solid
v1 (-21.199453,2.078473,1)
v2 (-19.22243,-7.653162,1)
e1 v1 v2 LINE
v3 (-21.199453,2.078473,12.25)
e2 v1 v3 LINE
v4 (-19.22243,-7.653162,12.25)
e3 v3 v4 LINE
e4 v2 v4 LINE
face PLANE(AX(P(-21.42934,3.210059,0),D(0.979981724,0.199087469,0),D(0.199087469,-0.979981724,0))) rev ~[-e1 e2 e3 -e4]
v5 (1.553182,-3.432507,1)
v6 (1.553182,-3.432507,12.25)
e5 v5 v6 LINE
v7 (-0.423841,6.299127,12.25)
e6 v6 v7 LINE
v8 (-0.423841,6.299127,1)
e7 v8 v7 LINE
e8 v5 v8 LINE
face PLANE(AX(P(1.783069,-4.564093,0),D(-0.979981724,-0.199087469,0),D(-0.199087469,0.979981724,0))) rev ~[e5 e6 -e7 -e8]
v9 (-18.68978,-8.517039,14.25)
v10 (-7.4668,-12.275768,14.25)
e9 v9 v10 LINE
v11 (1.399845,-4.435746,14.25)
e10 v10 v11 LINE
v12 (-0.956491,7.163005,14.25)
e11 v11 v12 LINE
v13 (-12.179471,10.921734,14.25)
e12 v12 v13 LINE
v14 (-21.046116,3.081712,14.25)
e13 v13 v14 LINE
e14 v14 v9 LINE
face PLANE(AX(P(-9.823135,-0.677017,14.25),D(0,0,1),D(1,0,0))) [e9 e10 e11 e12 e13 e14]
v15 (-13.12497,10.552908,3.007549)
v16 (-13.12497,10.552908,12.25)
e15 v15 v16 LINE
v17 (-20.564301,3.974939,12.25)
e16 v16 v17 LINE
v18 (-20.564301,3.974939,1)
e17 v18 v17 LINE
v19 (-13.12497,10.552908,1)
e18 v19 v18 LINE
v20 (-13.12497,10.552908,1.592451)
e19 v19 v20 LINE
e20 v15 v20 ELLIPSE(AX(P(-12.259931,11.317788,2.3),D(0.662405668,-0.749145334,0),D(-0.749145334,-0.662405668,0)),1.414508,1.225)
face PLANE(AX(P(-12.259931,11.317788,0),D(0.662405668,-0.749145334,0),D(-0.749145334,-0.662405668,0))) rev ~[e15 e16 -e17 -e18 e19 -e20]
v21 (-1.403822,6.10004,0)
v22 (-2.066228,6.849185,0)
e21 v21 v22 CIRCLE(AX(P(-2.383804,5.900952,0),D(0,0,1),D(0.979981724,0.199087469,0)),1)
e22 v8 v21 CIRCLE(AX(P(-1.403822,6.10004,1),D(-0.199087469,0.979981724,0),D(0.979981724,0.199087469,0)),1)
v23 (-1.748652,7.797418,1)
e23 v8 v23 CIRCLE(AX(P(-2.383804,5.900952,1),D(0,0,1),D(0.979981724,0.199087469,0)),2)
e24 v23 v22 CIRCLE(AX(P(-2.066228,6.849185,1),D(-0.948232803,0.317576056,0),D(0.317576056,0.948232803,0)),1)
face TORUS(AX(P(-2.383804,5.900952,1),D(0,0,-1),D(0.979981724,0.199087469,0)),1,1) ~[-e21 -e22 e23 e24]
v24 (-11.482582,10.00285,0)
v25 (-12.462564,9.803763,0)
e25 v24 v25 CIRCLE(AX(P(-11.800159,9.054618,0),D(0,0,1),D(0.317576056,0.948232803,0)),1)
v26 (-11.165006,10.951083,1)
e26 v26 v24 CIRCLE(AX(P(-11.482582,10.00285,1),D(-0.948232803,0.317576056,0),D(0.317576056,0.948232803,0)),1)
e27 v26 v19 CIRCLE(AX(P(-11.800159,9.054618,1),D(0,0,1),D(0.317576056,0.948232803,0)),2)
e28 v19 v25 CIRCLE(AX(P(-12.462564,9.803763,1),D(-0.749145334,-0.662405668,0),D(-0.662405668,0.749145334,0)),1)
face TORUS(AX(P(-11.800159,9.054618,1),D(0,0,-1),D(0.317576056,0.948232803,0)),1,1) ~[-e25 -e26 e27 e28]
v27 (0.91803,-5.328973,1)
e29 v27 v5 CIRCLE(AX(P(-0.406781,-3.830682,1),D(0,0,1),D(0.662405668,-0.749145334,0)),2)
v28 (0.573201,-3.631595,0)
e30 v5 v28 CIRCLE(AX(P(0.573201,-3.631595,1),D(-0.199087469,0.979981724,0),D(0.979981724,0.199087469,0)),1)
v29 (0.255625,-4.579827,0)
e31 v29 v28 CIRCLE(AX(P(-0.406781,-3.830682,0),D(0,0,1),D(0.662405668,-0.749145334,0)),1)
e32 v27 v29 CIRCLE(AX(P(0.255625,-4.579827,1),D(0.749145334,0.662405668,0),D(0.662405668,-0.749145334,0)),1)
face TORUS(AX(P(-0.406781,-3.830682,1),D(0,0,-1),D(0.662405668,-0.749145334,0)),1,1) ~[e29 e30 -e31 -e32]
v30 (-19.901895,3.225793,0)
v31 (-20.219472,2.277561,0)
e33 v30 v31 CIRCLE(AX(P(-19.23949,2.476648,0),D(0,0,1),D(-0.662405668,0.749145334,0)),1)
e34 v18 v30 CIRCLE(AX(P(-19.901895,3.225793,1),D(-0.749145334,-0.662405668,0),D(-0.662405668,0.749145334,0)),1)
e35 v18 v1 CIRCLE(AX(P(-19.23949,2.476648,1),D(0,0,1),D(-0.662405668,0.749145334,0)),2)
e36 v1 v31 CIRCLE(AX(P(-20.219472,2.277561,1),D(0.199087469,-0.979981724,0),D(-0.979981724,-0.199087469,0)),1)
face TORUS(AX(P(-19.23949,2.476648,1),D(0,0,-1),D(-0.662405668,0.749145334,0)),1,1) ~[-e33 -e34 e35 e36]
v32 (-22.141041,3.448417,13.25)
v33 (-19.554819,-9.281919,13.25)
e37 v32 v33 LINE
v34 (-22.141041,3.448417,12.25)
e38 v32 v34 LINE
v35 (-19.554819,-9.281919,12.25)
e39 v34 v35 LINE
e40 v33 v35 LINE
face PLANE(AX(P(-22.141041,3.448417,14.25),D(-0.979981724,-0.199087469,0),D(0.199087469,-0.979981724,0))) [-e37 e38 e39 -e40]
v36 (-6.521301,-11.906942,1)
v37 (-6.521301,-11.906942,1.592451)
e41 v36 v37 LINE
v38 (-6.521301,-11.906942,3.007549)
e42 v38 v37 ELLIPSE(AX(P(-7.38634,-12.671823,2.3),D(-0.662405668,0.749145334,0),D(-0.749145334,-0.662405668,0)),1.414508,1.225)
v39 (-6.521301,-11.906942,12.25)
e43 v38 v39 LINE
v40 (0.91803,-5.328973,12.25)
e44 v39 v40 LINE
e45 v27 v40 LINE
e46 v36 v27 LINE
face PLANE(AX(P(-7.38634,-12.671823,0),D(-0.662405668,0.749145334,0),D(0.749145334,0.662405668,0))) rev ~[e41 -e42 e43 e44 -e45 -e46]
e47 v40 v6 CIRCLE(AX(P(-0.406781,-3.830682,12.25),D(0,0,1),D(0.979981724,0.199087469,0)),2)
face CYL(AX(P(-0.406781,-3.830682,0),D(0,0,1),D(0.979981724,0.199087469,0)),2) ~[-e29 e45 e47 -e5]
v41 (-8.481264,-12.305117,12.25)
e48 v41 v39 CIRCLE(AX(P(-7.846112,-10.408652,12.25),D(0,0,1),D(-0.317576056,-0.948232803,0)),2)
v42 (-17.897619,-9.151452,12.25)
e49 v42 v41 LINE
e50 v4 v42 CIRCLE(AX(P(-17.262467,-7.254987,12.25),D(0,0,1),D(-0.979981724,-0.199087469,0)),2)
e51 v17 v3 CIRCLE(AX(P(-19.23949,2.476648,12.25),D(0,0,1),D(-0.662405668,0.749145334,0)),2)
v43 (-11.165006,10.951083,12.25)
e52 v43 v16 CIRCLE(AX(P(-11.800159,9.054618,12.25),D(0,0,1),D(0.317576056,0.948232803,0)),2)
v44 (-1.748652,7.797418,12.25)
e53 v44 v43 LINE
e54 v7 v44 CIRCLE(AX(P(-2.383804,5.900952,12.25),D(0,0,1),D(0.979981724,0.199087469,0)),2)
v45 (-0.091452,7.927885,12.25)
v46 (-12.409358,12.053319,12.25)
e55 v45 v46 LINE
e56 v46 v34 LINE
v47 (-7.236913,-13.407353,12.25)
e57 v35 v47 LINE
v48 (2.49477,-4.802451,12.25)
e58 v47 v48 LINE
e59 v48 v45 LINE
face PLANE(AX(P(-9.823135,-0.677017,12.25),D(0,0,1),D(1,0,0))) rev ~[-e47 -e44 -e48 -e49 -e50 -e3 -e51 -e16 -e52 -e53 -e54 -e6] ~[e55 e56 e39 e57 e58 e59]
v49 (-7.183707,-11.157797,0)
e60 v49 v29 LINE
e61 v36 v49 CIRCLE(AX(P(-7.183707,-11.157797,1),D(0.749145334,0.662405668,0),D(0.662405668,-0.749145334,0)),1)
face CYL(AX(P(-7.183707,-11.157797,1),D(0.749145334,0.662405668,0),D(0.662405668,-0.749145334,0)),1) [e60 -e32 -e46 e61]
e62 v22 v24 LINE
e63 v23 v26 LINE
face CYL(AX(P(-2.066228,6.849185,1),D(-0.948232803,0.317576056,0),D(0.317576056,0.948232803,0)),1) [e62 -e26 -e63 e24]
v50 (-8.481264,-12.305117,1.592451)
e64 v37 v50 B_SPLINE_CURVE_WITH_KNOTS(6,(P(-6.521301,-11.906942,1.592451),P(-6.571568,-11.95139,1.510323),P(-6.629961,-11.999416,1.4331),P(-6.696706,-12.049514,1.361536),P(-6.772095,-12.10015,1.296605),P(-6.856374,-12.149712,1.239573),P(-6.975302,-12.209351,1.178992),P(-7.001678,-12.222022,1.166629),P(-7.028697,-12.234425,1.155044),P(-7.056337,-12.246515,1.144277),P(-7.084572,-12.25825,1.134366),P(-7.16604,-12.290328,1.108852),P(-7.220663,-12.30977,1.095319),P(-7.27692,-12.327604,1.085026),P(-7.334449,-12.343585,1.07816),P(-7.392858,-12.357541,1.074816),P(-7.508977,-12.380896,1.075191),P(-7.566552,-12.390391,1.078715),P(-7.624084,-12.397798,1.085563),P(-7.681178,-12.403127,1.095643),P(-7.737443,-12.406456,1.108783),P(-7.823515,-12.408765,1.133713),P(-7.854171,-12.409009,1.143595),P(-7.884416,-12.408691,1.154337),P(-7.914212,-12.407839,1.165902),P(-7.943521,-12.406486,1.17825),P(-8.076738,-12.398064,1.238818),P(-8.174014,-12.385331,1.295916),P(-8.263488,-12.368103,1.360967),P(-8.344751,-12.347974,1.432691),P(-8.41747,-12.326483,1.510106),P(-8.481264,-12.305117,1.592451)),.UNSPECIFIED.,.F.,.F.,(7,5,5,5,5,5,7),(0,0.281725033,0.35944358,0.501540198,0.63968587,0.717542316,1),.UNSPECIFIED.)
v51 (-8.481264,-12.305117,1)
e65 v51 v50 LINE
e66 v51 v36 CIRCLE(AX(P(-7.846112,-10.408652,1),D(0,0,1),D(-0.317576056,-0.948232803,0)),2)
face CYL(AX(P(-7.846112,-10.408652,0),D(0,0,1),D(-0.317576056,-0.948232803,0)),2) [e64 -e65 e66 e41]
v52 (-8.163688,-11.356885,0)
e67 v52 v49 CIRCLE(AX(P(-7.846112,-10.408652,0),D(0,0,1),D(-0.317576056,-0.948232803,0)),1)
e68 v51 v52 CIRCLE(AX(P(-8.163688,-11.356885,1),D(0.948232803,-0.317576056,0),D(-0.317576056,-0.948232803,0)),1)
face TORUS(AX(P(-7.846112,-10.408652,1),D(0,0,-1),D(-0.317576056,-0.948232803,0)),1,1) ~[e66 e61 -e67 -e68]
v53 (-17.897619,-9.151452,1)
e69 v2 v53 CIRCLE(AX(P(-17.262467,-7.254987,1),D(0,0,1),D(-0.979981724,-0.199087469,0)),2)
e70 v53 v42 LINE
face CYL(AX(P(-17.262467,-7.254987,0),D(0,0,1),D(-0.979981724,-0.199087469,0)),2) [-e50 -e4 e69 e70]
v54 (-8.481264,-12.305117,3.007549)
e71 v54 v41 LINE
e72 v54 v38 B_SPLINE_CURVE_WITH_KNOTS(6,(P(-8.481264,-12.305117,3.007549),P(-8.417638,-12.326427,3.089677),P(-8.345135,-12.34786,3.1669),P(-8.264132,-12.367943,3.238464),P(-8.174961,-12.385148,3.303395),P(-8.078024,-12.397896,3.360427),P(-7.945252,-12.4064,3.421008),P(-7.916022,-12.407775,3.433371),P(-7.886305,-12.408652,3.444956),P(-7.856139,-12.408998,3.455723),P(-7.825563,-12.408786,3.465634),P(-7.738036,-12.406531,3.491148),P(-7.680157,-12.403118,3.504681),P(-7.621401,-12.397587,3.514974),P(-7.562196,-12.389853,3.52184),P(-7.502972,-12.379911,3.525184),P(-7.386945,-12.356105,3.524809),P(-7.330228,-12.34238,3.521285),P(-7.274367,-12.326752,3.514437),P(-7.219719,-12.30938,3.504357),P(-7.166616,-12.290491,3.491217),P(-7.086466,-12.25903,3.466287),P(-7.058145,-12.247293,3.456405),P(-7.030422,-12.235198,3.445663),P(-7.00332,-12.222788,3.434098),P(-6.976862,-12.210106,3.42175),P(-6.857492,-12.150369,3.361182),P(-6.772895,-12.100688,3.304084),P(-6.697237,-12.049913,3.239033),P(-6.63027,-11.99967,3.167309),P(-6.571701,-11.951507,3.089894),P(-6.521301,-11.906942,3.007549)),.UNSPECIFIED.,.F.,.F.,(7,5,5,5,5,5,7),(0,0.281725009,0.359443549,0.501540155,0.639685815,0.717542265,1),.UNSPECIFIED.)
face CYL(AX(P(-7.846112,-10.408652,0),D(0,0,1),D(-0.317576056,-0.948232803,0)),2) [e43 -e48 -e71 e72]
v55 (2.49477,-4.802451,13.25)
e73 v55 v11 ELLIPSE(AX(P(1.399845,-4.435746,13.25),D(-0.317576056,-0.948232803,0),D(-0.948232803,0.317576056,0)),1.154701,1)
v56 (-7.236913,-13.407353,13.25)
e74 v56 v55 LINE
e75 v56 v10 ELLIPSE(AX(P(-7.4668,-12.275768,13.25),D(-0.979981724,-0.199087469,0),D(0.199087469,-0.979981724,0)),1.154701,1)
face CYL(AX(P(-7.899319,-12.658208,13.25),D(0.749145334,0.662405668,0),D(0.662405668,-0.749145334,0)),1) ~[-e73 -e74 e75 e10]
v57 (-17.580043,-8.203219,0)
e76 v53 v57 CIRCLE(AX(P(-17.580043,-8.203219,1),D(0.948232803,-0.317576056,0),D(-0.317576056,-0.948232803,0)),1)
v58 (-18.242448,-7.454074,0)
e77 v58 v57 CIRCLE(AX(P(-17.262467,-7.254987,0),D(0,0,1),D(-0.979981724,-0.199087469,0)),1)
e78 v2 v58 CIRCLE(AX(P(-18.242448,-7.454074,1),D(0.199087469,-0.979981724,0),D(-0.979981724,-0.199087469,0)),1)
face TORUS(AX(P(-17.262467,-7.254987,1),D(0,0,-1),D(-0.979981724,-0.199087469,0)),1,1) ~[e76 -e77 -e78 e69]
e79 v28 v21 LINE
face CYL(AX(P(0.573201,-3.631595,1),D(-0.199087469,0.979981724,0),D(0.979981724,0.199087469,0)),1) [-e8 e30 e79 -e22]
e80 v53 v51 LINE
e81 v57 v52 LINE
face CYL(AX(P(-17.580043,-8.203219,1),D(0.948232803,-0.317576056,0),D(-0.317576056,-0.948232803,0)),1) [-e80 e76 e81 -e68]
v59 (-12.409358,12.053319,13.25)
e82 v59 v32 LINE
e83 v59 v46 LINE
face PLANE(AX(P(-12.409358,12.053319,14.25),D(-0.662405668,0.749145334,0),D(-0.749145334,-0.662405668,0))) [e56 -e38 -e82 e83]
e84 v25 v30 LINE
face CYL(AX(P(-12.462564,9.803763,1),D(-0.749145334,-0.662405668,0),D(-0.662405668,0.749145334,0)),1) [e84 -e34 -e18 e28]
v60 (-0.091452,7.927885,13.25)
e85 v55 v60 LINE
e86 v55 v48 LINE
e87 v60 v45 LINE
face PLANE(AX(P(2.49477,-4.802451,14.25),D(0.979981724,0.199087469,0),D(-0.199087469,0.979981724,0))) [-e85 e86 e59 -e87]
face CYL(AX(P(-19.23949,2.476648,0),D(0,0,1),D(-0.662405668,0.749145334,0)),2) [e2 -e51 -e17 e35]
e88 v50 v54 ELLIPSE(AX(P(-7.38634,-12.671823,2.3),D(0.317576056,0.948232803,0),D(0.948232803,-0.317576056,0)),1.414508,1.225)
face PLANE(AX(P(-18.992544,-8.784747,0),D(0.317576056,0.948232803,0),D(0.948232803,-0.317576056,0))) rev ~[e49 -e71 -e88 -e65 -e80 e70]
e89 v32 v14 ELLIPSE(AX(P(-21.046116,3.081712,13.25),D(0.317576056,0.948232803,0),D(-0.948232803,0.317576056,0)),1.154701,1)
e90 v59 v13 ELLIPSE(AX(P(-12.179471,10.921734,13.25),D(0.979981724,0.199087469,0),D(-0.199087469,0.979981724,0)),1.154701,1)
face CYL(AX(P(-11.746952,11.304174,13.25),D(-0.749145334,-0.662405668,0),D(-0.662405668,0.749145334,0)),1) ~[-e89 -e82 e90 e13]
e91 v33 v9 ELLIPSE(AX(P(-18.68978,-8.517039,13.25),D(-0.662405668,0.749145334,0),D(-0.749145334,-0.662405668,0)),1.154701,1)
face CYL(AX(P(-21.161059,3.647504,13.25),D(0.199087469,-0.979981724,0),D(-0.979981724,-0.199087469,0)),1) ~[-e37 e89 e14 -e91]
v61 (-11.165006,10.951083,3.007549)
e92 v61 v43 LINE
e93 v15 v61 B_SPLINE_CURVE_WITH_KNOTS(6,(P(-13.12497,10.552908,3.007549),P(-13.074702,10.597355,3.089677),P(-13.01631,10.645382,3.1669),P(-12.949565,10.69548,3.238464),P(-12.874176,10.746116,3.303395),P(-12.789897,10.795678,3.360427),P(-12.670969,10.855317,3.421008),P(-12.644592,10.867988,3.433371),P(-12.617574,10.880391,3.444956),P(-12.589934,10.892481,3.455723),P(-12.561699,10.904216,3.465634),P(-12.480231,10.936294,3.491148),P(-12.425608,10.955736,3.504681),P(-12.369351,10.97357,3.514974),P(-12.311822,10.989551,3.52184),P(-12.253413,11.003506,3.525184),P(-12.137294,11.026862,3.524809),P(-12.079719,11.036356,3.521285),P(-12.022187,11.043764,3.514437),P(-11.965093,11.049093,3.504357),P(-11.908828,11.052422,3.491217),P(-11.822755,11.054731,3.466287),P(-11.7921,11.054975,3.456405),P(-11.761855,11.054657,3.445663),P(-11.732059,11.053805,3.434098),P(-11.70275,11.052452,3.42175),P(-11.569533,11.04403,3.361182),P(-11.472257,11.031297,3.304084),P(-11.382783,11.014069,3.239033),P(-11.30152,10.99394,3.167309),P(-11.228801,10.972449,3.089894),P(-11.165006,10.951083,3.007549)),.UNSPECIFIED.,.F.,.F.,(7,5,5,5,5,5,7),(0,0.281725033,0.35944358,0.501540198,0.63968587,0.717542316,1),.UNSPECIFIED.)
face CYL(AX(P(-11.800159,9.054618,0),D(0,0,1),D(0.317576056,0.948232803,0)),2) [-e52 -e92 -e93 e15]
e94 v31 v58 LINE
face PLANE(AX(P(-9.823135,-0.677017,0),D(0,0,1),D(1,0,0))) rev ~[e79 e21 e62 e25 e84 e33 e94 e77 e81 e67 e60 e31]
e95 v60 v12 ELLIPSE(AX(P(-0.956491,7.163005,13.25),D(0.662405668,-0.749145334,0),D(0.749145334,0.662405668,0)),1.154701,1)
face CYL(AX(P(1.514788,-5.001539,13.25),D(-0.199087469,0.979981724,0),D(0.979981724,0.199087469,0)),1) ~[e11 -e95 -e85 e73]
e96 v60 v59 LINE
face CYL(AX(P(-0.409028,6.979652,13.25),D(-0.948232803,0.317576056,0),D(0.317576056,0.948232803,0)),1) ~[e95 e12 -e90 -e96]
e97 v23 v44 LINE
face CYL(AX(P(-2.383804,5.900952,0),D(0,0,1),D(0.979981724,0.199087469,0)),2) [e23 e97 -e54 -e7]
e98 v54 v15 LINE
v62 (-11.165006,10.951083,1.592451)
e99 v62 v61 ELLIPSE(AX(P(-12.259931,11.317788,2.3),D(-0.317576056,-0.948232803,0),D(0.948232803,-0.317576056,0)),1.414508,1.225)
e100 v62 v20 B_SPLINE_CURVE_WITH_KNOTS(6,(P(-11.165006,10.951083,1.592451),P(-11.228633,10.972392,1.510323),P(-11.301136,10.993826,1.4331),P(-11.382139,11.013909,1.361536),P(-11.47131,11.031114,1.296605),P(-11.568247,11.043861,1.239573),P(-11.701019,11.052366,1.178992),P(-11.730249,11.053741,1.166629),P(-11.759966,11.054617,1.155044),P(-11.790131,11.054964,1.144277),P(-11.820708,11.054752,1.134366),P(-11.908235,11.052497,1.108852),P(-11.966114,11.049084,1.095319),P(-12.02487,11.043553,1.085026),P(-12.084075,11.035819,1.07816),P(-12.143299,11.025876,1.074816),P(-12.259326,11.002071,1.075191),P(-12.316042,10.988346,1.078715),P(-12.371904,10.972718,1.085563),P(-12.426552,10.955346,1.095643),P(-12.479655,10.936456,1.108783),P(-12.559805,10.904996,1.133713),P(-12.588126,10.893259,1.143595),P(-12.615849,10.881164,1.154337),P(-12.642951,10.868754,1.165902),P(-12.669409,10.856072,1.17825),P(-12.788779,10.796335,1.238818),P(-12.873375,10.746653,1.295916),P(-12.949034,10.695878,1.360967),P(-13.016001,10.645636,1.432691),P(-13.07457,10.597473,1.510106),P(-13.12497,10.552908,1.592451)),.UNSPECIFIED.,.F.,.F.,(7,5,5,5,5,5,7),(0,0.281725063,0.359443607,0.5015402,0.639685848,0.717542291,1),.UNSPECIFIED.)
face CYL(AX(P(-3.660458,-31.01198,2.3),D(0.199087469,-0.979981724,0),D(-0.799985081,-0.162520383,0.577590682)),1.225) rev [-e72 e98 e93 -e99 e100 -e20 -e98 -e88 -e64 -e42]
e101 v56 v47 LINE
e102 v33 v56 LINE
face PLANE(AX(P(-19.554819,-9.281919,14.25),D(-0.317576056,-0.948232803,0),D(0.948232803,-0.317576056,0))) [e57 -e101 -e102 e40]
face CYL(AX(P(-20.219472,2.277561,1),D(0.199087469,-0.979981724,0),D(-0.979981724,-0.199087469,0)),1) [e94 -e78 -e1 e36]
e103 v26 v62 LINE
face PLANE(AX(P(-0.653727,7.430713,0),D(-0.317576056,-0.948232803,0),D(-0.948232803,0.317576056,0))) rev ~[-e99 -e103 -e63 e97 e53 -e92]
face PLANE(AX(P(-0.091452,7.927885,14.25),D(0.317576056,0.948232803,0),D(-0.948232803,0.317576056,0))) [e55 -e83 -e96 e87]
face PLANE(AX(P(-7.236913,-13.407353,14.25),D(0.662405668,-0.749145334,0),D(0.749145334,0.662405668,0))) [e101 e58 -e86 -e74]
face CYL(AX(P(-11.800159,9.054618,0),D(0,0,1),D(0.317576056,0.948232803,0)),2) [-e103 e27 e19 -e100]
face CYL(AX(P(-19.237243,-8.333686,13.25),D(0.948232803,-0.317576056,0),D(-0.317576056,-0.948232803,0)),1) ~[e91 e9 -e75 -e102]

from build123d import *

# Parameters (mm, degrees)
DODANIE_WYCI_GNI_CIE1_DEPTH     = 14.25
ZAOKR_GLENIE1_R                 = 2
DODANIE_WYCI_GNI_CIE2_DEPTH     = 2
ZAOKR_GLENIE2_R                 = 1
ZAOKR_GLENIE3_R                 = 1
WYTNIJ_WYCI_GNI_CIE1_DEPTH      = 30.954621541
WYTNIJ_WYCI_GNI_CIE1_DEPTH_BACK = 30.954621541
SZKIC4_R                        = 1.225


with BuildPart() as part:
    # Szkic1 → Dodanie-wyciągnięcie1 (new body)
    with BuildSketch(Plane.XY):
        Polygon((1.783068787, -4.564092652), (-0.653727134, 7.430712848), (-12.25993137, 11.317788426), (-21.429339686, 3.210058505), (-18.992543765, -8.784746995), (-7.386339528, -12.671822573), align=None)
    extrude(amount=DODANIE_WYCI_GNI_CIE1_DEPTH)

    # Zaokrąglenie1
    zaokr_glenie1_edges = [part.edges().sort_by_distance(p)[0] for p in [
        (-7.386339528, -12.671822573, 7.125),
        (-18.992543765, -8.784746995, 7.125),
        (-21.429339686, 3.210058505, 7.125),
        (-12.25993137, 11.317788426, 7.125),
        (-0.653727134, 7.430712848, 7.125),
        (1.783068787, -4.564092652, 7.125),
    ]]
    fillet(zaokr_glenie1_edges, radius=ZAOKR_GLENIE1_R)

    # Szkic3 → Dodanie-wyciągnięcie2 (add)
    with BuildSketch(Plane.XY.offset(14.25)):
        Polygon((-0.091452095, 7.927884965), (-12.409357535, 12.053318952), (-22.141040889, 3.448416913), (-19.554818803, -9.281919113), (-7.236913363, -13.407353099), (2.494769991, -4.80245106), align=None)
    extrude(amount=-DODANIE_WYCI_GNI_CIE2_DEPTH)

    # Zaokrąglenie2
    zaokr_glenie2_edges = [part.edges().sort_by_distance(p)[0] for p in [
        (-6.456829252, 9.374250637, 0),
        (-2.80163537, -8.617957613, 0),
        (-13.189441647, -10.728284784, 0),
        (-20.210941725, -2.787344245, 0),
        (-16.844635528, 7.263923465, 0),
        (0.564670827, 1.433310098, 0),
        (-12.198333493, 11.014581025, 0),
        (-21.135955436, 3.111800131, 0),
        (-18.760757392, -8.579797968, 0),
        (-7.447937406, -12.368615173, 0),
        (1.489684537, -4.465834278, 0),
        (-0.885513507, 7.225763821, 0),
    ]]
    fillet(zaokr_glenie2_edges, radius=ZAOKR_GLENIE2_R)

    # Zaokrąglenie3
    zaokr_glenie3_edges = [part.edges().sort_by_distance(p)[0] for p in [
        (1.201658948, 1.562716953, 14.25),
        (-6.250404815, 9.990601959, 14.25),
        (-17.275199212, 7.750867932, 14.25),
        (-20.847929846, -2.9167511, 14.25),
        (-13.395866083, -11.344636106, 14.25),
        (-2.371071686, -9.10490208, 14.25),
    ]]
    fillet(zaokr_glenie3_edges, radius=ZAOKR_GLENIE3_R)

    # Szkic4 → Wytnij-wyciągnięcie1 (cut, two sides: drawn at the far end of the back side and taken through both)
    with BuildSketch(Plane(origin=(-0.257260592, 1.266331223, 0), x_dir=(0.9799817241599056, 0.19908746899937949, 0), z_dir=(-0.19908746899937946, 0.9799817241599055, 0)).offset(-WYTNIJ_WYCI_GNI_CIE1_DEPTH_BACK)):
        with Locations(Location((-9.76127883, -2.3, 0), (0, 0, 215.281261827))):
            Circle(SZKIC4_R)
    extrude(amount=WYTNIJ_WYCI_GNI_CIE1_DEPTH + WYTNIJ_WYCI_GNI_CIE1_DEPTH_BACK, mode=Mode.SUBTRACT)


solid = part.part
